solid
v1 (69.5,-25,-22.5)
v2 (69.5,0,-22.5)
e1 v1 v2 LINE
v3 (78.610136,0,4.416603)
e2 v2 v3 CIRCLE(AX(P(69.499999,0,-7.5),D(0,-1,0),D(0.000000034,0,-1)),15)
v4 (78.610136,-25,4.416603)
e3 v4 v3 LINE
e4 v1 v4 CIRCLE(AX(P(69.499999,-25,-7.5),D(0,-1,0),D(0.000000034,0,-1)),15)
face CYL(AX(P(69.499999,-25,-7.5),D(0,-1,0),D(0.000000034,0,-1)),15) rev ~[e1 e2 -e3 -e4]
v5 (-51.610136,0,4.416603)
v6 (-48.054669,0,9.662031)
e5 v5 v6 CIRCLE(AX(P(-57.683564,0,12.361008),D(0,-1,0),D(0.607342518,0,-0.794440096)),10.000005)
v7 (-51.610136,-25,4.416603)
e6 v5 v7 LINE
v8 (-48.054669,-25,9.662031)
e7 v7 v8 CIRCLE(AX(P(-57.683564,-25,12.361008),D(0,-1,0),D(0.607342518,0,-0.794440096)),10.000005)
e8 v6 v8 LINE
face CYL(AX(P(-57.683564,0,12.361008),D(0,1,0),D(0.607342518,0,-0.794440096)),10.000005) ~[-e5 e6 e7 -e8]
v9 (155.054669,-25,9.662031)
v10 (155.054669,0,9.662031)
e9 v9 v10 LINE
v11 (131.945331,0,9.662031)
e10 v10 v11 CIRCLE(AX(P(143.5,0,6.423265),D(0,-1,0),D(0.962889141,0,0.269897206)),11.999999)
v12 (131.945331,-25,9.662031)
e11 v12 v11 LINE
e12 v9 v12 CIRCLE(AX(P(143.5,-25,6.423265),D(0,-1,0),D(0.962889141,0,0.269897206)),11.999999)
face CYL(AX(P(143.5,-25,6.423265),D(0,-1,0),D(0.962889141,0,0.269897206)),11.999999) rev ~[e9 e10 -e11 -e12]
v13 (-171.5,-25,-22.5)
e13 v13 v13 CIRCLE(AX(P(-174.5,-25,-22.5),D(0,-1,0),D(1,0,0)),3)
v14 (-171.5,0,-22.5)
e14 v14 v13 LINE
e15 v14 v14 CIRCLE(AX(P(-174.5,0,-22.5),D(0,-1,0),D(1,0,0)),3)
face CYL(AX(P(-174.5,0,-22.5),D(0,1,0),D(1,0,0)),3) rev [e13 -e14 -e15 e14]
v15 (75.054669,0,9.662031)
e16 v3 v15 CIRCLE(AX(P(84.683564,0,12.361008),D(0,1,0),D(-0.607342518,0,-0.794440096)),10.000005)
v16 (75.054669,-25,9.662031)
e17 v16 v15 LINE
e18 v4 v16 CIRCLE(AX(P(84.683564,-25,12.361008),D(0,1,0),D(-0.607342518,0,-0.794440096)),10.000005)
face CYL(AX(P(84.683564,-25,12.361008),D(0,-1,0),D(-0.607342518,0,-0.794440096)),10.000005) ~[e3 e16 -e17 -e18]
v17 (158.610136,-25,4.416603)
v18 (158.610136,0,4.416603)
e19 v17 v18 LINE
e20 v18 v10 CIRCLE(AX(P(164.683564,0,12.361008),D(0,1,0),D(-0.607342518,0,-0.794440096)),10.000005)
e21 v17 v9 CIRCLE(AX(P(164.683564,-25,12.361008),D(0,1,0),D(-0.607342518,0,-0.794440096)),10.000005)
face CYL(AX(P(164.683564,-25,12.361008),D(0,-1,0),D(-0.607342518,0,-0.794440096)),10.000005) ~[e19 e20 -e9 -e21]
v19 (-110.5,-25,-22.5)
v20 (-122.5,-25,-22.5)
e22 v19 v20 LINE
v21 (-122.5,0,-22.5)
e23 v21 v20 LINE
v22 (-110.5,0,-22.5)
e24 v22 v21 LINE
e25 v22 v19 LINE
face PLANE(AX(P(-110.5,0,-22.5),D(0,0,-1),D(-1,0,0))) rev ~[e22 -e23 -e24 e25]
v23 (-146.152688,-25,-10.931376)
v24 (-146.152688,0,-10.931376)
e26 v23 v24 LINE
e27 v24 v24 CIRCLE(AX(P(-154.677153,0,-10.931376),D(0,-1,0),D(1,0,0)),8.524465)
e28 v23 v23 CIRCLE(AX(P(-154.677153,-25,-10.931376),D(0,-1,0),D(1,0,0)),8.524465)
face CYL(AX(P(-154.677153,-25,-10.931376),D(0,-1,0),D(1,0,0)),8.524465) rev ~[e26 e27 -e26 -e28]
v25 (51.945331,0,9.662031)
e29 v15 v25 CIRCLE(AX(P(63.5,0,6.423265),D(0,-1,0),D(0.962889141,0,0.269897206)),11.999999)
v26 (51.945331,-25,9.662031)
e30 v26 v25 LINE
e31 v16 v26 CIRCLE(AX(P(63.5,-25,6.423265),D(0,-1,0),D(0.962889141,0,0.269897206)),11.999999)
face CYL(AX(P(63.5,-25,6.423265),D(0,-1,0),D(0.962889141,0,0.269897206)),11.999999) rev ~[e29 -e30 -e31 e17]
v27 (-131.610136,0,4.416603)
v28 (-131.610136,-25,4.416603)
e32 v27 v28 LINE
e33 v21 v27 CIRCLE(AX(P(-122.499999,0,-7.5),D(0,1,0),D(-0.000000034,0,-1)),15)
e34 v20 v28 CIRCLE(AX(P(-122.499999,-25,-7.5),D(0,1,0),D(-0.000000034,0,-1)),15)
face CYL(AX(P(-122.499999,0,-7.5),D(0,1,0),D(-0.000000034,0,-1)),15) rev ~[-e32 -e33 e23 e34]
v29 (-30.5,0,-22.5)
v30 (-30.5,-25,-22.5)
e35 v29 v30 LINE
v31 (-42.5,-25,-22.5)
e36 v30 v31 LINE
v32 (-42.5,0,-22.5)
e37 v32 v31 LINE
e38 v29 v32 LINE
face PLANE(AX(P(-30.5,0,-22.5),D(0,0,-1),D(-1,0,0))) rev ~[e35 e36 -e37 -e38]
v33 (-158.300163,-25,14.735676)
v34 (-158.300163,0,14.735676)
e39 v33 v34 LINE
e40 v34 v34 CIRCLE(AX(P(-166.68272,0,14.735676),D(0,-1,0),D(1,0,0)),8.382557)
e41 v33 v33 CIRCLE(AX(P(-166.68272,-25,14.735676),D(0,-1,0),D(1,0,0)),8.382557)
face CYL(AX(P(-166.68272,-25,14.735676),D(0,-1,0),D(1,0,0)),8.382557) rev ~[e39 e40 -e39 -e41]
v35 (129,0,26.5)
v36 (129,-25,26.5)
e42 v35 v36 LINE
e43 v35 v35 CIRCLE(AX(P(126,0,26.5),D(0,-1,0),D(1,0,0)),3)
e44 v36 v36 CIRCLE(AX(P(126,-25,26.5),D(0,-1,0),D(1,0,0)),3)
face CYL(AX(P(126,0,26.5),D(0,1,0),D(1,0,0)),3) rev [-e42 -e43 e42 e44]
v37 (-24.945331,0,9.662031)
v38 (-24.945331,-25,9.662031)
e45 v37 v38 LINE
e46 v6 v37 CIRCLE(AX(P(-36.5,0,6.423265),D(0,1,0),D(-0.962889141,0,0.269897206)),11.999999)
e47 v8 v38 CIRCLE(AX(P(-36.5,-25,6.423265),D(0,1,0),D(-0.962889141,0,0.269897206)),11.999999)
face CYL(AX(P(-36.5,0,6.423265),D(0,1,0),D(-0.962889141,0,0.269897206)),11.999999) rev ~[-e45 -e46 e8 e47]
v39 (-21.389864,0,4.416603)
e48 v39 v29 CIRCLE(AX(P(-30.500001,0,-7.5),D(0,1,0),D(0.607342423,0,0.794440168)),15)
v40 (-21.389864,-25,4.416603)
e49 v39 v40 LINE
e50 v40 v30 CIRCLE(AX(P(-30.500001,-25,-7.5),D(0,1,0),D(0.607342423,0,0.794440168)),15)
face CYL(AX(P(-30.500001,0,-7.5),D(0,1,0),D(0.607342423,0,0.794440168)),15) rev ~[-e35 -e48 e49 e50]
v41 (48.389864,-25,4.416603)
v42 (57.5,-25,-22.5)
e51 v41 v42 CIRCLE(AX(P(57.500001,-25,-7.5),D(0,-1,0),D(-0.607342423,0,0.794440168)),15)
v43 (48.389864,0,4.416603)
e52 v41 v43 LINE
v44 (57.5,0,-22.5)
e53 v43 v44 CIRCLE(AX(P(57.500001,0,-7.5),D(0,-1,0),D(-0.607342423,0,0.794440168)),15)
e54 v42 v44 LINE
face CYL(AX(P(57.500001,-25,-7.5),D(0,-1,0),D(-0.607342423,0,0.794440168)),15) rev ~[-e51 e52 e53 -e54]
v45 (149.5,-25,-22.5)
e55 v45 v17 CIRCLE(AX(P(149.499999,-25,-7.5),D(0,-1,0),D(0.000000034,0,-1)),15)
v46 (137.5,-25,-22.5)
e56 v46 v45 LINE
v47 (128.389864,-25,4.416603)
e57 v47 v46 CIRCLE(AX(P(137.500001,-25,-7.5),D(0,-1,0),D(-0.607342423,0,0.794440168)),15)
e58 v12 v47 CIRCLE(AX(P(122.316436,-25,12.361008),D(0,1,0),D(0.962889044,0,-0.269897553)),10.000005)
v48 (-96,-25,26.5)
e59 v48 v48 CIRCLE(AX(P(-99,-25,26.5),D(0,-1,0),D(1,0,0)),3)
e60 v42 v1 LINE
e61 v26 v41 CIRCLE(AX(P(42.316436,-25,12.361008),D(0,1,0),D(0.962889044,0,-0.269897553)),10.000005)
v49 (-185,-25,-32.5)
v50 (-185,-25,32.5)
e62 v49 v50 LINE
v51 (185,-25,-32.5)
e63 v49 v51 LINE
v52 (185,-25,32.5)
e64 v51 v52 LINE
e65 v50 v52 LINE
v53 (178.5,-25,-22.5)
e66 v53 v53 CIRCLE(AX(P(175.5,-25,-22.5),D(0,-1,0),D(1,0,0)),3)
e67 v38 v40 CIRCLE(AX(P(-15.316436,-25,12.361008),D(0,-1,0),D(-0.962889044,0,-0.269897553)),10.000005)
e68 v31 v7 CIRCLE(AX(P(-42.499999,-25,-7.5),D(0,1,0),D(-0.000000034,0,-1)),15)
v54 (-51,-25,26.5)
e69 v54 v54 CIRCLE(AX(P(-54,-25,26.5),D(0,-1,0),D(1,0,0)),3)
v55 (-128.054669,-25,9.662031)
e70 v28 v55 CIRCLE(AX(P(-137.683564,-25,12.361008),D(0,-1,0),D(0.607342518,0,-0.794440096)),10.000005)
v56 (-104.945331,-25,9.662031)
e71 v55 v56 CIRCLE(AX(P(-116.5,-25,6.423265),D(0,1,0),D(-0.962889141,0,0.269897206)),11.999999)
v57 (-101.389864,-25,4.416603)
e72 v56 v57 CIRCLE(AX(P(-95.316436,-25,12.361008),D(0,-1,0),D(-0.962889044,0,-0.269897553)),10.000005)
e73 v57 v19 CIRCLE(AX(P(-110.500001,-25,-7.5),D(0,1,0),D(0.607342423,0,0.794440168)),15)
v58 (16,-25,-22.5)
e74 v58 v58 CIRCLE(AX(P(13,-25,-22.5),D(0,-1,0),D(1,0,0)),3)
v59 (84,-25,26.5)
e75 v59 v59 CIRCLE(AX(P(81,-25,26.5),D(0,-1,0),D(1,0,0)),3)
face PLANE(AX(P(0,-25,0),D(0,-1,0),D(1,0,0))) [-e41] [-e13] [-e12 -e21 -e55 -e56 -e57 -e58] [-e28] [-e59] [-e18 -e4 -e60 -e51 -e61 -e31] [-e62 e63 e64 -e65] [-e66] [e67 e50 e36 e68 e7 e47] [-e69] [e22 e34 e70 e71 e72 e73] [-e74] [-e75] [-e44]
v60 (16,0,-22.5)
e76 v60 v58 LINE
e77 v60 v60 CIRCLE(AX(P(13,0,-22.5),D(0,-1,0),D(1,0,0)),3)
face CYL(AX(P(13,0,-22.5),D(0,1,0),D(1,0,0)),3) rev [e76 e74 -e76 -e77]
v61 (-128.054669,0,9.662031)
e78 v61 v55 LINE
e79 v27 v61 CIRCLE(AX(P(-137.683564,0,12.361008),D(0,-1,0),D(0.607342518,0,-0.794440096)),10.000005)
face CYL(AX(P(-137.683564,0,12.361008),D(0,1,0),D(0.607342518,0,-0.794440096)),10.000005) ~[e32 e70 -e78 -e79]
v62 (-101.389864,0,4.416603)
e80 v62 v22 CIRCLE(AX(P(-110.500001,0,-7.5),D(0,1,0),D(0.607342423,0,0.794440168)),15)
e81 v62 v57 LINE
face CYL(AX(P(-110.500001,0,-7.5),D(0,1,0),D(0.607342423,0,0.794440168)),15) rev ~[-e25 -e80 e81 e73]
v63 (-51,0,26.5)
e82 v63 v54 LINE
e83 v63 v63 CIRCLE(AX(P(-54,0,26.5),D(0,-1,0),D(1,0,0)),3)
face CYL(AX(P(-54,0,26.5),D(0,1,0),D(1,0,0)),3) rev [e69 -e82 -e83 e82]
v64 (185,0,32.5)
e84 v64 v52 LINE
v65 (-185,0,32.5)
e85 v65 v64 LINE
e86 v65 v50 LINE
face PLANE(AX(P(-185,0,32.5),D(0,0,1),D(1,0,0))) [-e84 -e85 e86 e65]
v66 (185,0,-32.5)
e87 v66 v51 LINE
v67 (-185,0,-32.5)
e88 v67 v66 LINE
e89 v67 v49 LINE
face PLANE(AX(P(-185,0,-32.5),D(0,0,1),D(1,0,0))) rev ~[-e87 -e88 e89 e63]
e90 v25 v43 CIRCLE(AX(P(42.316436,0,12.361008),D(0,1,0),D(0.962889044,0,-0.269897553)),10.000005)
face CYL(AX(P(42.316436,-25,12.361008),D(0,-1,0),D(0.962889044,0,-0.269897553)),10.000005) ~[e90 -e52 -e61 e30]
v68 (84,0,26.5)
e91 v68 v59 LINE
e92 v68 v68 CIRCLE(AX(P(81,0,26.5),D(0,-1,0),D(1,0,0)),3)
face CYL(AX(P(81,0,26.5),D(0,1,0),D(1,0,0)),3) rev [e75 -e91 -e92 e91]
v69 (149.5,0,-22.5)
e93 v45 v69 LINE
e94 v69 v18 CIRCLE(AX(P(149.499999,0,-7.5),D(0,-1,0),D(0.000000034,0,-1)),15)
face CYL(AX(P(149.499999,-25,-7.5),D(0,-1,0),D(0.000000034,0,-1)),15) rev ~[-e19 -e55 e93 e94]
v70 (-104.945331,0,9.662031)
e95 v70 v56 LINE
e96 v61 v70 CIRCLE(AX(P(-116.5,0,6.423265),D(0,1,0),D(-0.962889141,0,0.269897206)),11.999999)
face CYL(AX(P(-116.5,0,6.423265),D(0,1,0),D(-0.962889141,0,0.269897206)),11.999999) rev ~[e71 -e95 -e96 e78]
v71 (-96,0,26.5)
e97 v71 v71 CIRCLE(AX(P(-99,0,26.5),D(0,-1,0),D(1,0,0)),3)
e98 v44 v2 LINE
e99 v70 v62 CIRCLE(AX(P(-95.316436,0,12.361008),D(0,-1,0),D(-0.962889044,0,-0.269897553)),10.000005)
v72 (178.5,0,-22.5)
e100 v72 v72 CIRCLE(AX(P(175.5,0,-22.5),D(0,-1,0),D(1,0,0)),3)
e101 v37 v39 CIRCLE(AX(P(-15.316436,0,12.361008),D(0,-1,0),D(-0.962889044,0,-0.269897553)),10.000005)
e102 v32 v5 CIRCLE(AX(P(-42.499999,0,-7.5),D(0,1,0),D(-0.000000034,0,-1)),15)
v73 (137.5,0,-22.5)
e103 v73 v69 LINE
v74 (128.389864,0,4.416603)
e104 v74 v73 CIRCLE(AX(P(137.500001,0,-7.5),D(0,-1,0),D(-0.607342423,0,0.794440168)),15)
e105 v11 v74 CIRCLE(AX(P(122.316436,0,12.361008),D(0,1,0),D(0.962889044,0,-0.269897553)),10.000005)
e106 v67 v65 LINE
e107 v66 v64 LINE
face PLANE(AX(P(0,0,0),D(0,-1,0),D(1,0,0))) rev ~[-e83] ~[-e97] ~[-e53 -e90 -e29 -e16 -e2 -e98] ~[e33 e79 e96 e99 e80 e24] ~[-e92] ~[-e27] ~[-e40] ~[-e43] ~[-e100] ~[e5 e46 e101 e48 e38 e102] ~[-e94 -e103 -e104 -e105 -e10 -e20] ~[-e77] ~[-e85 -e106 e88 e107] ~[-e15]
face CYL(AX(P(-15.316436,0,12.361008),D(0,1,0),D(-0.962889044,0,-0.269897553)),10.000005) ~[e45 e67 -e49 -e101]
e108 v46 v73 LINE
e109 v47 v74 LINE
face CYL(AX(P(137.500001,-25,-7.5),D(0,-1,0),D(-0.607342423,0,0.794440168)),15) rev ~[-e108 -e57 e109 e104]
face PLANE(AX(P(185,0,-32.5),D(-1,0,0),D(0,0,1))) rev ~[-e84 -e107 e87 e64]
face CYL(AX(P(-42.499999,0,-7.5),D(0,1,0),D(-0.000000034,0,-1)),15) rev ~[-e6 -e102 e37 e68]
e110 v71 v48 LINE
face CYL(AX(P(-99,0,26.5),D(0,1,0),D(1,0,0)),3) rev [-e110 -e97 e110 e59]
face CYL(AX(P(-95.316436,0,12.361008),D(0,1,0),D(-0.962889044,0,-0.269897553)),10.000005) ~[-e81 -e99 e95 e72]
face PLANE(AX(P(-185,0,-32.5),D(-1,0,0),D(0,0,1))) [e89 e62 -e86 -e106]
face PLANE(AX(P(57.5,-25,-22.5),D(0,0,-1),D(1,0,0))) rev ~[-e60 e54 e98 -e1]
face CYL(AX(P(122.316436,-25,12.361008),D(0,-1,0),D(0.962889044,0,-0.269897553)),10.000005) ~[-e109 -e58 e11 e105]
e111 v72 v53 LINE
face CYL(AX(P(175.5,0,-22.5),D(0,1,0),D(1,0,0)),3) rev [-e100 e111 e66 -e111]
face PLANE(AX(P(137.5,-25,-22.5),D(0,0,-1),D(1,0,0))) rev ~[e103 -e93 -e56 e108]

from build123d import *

# Parameters (mm, degrees)
F0_W     = 370
F0_H     = 65
F0_R     = 3
F1_DEPTH = 25
F3_DEPTH = 25
F4_R     = 8.382557
F4_R_2   = 8.524465
F5_DEPTH = 25


with BuildPart() as f1:
    # F0 (on Front) → F1 (new body)
    with BuildSketch(Plane.XZ):
        Rectangle(F0_W, F0_H)
        with Locations((-174.5, -22.5)):
            Circle(F0_R, mode=Mode.SUBTRACT)
        with BuildLine():
            ThreePointArc((-128.054669, 9.662031), (-116.5, 18.423264), (-104.945331, 9.662031))
            ThreePointArc((-104.945331, 9.662031), (-103.594078, 6.750238), (-101.389864, 4.416603))
            ThreePointArc((-101.389864, 4.416603), (-96.291745, -12.308896), (-110.5, -22.5))
            Line((-110.5, -22.5), (-122.5, -22.5))
            ThreePointArc((-122.5, -22.5), (-136.708255, -12.308896), (-131.610136, 4.416603))
            ThreePointArc((-131.610136, 4.416603), (-129.405922, 6.750238), (-128.054669, 9.662031))
        make_face(mode=Mode.SUBTRACT)
        with BuildLine():
            ThreePointArc((-48.054669, 9.662031), (-36.5, 18.423264), (-24.945331, 9.662031))
            ThreePointArc((-24.945331, 9.662031), (-23.594078, 6.750238), (-21.389864, 4.416603))
            ThreePointArc((-21.389864, 4.416603), (-16.291745, -12.308896), (-30.5, -22.5))
            Line((-30.5, -22.5), (-42.5, -22.5))
            ThreePointArc((-42.5, -22.5), (-56.708255, -12.308896), (-51.610136, 4.416603))
            ThreePointArc((-51.610136, 4.416603), (-49.405922, 6.750238), (-48.054669, 9.662031))
        make_face(mode=Mode.SUBTRACT)
        with Locations((13, -22.5)):
            Circle(F0_R, mode=Mode.SUBTRACT)
        with Locations((175.5, -22.5)):
            Circle(F0_R, mode=Mode.SUBTRACT)
        with Locations((-99, 26.5)):
            Circle(F0_R, mode=Mode.SUBTRACT)
        with Locations((-54, 26.5)):
            Circle(F0_R, mode=Mode.SUBTRACT)
        with Locations((81, 26.5)):
            Circle(F0_R, mode=Mode.SUBTRACT)
        with Locations((126, 26.5)):
            Circle(F0_R, mode=Mode.SUBTRACT)
    extrude(amount=F1_DEPTH)

    # F2 (on face) → F3 (cut)
    with BuildSketch(Plane.XZ.offset(25)):
        with BuildLine():
            ThreePointArc((128.389864, 4.416603), (123.291745, -12.308896), (137.5, -22.5))
            Line((137.5, -22.5), (149.5, -22.5))
            ThreePointArc((149.5, -22.5), (163.708255, -12.308896), (158.610136, 4.416603))
            ThreePointArc((158.610136, 4.416603), (156.405922, 6.750238), (155.054669, 9.662031))
            ThreePointArc((155.054669, 9.662031), (143.5, 18.423264), (131.945331, 9.662031))
            ThreePointArc((131.945331, 9.662031), (130.594078, 6.750238), (128.389864, 4.416603))
        make_face()
        with BuildLine():
            Line((57.5, -22.5), (69.5, -22.5))
            ThreePointArc((69.5, -22.5), (83.708255, -12.308896), (78.610136, 4.416603))
            ThreePointArc((78.610136, 4.416603), (76.405922, 6.750238), (75.054669, 9.662031))
            ThreePointArc((75.054669, 9.662031), (63.5, 18.423264), (51.945331, 9.662031))
            ThreePointArc((51.945331, 9.662031), (50.594078, 6.750238), (48.389864, 4.416603))
            ThreePointArc((48.389864, 4.416603), (43.291745, -12.308896), (57.5, -22.5))
        make_face()
    extrude(amount=-F3_DEPTH, mode=Mode.SUBTRACT)

    # F4 (on face) → F5 (cut)
    with BuildSketch(Plane.XZ.offset(25)):
        with Locations((-166.68272, 14.735676)):
            Circle(F4_R)
        with Locations((-154.677153, -10.931376)):
            Circle(F4_R_2)
    extrude(amount=-F5_DEPTH, mode=Mode.SUBTRACT)


solid = f1.part
